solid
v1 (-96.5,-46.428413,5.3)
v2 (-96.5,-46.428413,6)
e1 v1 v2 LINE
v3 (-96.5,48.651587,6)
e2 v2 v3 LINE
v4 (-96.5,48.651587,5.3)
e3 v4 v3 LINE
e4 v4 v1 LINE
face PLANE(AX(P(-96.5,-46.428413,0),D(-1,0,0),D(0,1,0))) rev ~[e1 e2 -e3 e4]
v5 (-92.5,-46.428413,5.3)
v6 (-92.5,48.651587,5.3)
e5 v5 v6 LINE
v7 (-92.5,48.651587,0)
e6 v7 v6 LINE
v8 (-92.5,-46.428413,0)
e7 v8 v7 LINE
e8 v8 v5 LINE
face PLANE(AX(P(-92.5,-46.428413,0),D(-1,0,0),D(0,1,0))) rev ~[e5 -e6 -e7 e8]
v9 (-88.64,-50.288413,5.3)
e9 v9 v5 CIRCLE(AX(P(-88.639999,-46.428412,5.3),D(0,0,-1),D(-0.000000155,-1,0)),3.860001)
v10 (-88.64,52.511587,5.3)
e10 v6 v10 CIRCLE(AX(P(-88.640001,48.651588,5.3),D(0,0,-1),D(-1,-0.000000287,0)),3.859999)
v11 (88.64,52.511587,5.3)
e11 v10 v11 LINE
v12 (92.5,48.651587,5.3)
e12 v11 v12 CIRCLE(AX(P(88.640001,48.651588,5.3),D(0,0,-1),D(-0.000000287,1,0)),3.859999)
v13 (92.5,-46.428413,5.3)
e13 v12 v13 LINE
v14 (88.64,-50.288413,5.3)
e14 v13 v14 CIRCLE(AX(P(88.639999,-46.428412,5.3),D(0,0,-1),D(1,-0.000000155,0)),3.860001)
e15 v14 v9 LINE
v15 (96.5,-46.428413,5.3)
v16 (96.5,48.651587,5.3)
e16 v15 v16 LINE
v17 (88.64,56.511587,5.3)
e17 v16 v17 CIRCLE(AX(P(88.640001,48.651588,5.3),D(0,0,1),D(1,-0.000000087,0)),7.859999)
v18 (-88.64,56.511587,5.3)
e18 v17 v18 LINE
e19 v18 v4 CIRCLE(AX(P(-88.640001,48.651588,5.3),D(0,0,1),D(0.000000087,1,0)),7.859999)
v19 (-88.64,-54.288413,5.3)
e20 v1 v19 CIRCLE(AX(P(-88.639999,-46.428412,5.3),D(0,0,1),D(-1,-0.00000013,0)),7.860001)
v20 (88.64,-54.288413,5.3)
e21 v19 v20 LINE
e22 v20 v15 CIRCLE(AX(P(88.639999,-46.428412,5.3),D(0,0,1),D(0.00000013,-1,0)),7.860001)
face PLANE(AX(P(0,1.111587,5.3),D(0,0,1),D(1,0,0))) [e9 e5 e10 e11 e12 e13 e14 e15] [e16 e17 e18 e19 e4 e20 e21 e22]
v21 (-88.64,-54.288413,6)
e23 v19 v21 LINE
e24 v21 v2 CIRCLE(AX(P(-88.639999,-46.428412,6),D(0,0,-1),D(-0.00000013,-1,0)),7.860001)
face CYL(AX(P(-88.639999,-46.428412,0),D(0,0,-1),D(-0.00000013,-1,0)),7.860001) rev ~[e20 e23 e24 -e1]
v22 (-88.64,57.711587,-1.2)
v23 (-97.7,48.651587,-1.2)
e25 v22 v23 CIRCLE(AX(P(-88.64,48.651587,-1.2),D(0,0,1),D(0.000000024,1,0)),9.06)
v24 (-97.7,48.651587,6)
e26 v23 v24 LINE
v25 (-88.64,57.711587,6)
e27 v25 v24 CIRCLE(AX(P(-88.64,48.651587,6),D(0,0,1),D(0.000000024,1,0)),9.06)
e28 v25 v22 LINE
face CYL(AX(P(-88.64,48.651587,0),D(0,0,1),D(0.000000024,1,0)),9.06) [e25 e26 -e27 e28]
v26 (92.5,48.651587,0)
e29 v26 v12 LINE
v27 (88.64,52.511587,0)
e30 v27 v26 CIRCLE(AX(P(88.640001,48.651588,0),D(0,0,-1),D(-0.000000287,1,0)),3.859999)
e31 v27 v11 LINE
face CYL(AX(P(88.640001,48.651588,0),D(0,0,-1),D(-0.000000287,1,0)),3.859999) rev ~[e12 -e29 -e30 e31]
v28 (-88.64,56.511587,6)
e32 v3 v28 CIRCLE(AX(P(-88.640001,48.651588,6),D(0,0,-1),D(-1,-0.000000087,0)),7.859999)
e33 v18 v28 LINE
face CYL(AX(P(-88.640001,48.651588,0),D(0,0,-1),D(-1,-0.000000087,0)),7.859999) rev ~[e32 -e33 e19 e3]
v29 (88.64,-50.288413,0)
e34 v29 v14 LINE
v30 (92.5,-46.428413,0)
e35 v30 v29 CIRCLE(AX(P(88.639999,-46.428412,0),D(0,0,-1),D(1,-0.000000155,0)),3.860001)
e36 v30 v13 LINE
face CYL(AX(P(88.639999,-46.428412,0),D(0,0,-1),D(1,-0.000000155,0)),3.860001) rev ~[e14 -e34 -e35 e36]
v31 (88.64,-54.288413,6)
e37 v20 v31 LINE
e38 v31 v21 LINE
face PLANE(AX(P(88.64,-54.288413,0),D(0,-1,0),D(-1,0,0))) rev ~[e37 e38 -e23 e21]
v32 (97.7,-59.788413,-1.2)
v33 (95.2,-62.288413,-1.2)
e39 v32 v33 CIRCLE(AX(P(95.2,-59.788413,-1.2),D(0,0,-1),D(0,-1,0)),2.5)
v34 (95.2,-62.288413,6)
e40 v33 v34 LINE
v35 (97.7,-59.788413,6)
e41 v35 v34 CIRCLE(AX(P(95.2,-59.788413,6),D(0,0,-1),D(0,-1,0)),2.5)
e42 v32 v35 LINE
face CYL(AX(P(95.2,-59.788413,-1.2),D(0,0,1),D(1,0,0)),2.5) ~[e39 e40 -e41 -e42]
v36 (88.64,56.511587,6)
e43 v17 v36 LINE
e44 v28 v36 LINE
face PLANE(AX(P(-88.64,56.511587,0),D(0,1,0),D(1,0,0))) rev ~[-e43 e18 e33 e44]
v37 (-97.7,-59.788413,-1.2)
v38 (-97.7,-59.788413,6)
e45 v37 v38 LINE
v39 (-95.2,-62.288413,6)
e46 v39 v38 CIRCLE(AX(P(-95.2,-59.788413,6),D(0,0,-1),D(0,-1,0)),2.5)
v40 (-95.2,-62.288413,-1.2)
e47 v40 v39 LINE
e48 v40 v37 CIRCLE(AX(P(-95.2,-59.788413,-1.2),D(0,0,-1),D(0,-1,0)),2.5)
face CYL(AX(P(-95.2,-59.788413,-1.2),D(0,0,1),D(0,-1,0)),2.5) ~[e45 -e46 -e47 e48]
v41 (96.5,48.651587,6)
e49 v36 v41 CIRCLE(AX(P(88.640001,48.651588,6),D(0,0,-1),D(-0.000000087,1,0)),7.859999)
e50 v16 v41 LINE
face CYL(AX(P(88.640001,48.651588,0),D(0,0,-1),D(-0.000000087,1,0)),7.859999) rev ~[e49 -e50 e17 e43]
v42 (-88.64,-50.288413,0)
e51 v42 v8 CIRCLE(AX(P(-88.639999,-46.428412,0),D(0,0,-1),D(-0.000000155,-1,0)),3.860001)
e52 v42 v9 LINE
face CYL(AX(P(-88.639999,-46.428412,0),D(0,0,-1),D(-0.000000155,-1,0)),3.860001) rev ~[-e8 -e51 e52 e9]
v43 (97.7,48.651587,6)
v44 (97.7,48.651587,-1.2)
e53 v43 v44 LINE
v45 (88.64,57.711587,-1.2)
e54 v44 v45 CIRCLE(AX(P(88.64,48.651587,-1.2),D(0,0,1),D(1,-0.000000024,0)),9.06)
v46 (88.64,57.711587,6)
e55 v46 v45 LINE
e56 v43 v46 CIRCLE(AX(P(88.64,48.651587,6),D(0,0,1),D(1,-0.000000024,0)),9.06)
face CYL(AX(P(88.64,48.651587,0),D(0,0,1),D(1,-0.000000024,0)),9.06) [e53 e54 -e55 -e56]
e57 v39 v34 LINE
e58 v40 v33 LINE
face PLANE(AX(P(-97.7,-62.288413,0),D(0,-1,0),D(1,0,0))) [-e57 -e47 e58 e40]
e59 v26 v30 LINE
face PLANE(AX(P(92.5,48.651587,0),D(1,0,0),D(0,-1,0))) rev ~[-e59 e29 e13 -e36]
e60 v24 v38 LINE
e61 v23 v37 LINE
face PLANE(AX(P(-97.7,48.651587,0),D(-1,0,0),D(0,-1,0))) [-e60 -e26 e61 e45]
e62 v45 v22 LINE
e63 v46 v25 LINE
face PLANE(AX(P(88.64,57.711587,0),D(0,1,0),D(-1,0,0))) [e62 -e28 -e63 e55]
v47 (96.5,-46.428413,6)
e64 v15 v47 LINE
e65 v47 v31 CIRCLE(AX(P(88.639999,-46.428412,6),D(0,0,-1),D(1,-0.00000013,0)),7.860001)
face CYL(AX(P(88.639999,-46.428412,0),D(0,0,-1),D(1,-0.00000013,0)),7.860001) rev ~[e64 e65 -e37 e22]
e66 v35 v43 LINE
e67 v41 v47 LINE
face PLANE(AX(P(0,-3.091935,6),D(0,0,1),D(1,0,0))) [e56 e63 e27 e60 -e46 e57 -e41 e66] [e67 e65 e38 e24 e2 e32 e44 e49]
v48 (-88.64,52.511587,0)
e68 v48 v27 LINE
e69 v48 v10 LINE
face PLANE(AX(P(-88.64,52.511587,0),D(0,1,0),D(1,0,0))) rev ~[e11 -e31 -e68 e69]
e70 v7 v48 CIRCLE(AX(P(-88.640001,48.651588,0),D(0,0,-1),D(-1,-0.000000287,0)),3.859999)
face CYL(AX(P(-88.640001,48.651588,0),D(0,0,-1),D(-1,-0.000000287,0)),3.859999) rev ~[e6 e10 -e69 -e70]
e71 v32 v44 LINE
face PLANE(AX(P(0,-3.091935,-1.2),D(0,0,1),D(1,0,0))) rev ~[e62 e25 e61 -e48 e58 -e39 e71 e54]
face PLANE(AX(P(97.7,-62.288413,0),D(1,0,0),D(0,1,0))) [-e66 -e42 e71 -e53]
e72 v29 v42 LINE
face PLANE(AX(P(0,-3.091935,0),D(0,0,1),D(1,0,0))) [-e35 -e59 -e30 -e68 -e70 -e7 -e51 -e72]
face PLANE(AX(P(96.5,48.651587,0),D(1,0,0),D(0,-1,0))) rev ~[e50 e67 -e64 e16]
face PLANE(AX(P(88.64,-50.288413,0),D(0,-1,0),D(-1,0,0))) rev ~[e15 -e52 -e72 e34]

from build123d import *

# Parameters (mm, degrees)
F1_DEPTH = 5.3
F2_DEPTH = 6
F3_DEPTH = 1.2
F4_R     = 2.5


with BuildPart() as f1:
    # F0 (on Top) → F1 (new body)
    with BuildSketch(Plane.XY):
        with BuildLine():
            Line((88.64, 56.511587), (-88.64, 56.511587))
            ThreePointArc((-88.64, 56.511587), (-94.197859, 54.209447), (-96.5, 48.651587))
            Line((-96.5, 48.651587), (-96.5, -46.428413))
            ThreePointArc((-96.5, -46.428413), (-94.197859, -51.986272), (-88.64, -54.288413))
            Line((-88.64, -54.288413), (88.64, -54.288413))
            ThreePointArc((88.64, -54.288413), (94.197859, -51.986272), (96.5, -46.428413))
            Line((96.5, -46.428413), (96.5, 48.651587))
            ThreePointArc((96.5, 48.651587), (94.197859, 54.209447), (88.64, 56.511587))
        make_face()
        with BuildLine():
            ThreePointArc((-92.5, 48.651587), (-91.369432, 51.38102), (-88.64, 52.511587))
            Line((-88.64, 52.511587), (88.64, 52.511587))
            ThreePointArc((88.64, 52.511587), (91.369432, 51.38102), (92.5, 48.651587))
            Line((92.5, 48.651587), (92.5, -46.428413))
            ThreePointArc((92.5, -46.428413), (91.369432, -49.157845), (88.64, -50.288413))
            Line((88.64, -50.288413), (-88.64, -50.288413))
            ThreePointArc((-88.64, -50.288413), (-91.369432, -49.157845), (-92.5, -46.428413))
            Line((-92.5, -46.428413), (-92.5, 48.651587))
        make_face(mode=Mode.SUBTRACT)
    extrude(amount=F1_DEPTH)

    # F0 (on Top) → F2 (join)
    with BuildSketch(Plane.XY):
        with BuildLine():
            ThreePointArc((-88.64, 57.711587), (-95.046387, 55.057975), (-97.7, 48.651587))
            Line((-97.7, 48.651587), (-97.7, -46.428413))
            Line((-97.7, -46.428413), (-97.7, -62.288413))
            Line((-97.7, -62.288413), (97.7, -62.288413))
            Line((97.7, -62.288413), (97.7, -46.428413))
            Line((97.7, -46.428413), (97.7, 48.651587))
            ThreePointArc((97.7, 48.651587), (95.046387, 55.057975), (88.64, 57.711587))
            Line((88.64, 57.711587), (-88.64, 57.711587))
        make_face()
        with BuildLine():
            ThreePointArc((-96.5, 48.651587), (-94.197859, 54.209447), (-88.64, 56.511587))
            Line((-88.64, 56.511587), (88.64, 56.511587))
            ThreePointArc((88.64, 56.511587), (94.197859, 54.209447), (96.5, 48.651587))
            Line((96.5, 48.651587), (96.5, -46.428413))
            ThreePointArc((96.5, -46.428413), (94.197859, -51.986272), (88.64, -54.288413))
            Line((88.64, -54.288413), (-88.64, -54.288413))
            ThreePointArc((-88.64, -54.288413), (-94.197859, -51.986272), (-96.5, -46.428413))
            Line((-96.5, -46.428413), (-96.5, 48.651587))
        make_face(mode=Mode.SUBTRACT)
    extrude(amount=F2_DEPTH)

    # F0 (on Top) → F3 (join)
    with BuildSketch(Plane.XY):
        with BuildLine():
            ThreePointArc((-88.64, 57.711587), (-95.046387, 55.057975), (-97.7, 48.651587))
            Line((-97.7, 48.651587), (-97.7, -46.428413))
            Line((-97.7, -46.428413), (-97.7, -62.288413))
            Line((-97.7, -62.288413), (97.7, -62.288413))
            Line((97.7, -62.288413), (97.7, -46.428413))
            Line((97.7, -46.428413), (97.7, 48.651587))
            ThreePointArc((97.7, 48.651587), (95.046387, 55.057975), (88.64, 57.711587))
            Line((88.64, 57.711587), (-88.64, 57.711587))
        make_face()
        with BuildLine():
            ThreePointArc((-96.5, 48.651587), (-94.197859, 54.209447), (-88.64, 56.511587))
            Line((-88.64, 56.511587), (88.64, 56.511587))
            ThreePointArc((88.64, 56.511587), (94.197859, 54.209447), (96.5, 48.651587))
            Line((96.5, 48.651587), (96.5, -46.428413))
            ThreePointArc((96.5, -46.428413), (94.197859, -51.986272), (88.64, -54.288413))
            Line((88.64, -54.288413), (-88.64, -54.288413))
            ThreePointArc((-88.64, -54.288413), (-94.197859, -51.986272), (-96.5, -46.428413))
            Line((-96.5, -46.428413), (-96.5, 48.651587))
        make_face(mode=Mode.SUBTRACT)
        with BuildLine():
            Line((88.64, 56.511587), (-88.64, 56.511587))
            ThreePointArc((-88.64, 56.511587), (-94.197859, 54.209447), (-96.5, 48.651587))
            Line((-96.5, 48.651587), (-96.5, -46.428413))
            ThreePointArc((-96.5, -46.428413), (-94.197859, -51.986272), (-88.64, -54.288413))
            Line((-88.64, -54.288413), (88.64, -54.288413))
            ThreePointArc((88.64, -54.288413), (94.197859, -51.986272), (96.5, -46.428413))
            Line((96.5, -46.428413), (96.5, 48.651587))
            ThreePointArc((96.5, 48.651587), (94.197859, 54.209447), (88.64, 56.511587))
        make_face()
        with BuildLine():
            ThreePointArc((-92.5, 48.651587), (-91.369432, 51.38102), (-88.64, 52.511587))
            Line((-88.64, 52.511587), (88.64, 52.511587))
            ThreePointArc((88.64, 52.511587), (91.369432, 51.38102), (92.5, 48.651587))
            Line((92.5, 48.651587), (92.5, -46.428413))
            ThreePointArc((92.5, -46.428413), (91.369432, -49.157845), (88.64, -50.288413))
            Line((88.64, -50.288413), (-88.64, -50.288413))
            ThreePointArc((-88.64, -50.288413), (-91.369432, -49.157845), (-92.5, -46.428413))
            Line((-92.5, -46.428413), (-92.5, 48.651587))
        make_face(mode=Mode.SUBTRACT)
        with BuildLine():
            Line((88.64, 52.511587), (-88.64, 52.511587))
            ThreePointArc((-88.64, 52.511587), (-91.369432, 51.38102), (-92.5, 48.651587))
            Line((-92.5, 48.651587), (-92.5, -46.428413))
            ThreePointArc((-92.5, -46.428413), (-91.369432, -49.157845), (-88.64, -50.288413))
            Line((-88.64, -50.288413), (88.64, -50.288413))
            ThreePointArc((88.64, -50.288413), (91.369432, -49.157845), (92.5, -46.428413))
            Line((92.5, -46.428413), (92.5, 48.651587))
            ThreePointArc((92.5, 48.651587), (91.369432, 51.38102), (88.64, 52.511587))
        make_face()
    extrude(amount=-F3_DEPTH)

    # F4
    f4_edges = [f1.edges().sort_by_distance(p)[0] for p in [
        (97.7, -62.288413, 2.4),
        (-97.7, -62.288413, 2.4),
    ]]
    fillet(f4_edges, radius=F4_R)


solid = f1.part
